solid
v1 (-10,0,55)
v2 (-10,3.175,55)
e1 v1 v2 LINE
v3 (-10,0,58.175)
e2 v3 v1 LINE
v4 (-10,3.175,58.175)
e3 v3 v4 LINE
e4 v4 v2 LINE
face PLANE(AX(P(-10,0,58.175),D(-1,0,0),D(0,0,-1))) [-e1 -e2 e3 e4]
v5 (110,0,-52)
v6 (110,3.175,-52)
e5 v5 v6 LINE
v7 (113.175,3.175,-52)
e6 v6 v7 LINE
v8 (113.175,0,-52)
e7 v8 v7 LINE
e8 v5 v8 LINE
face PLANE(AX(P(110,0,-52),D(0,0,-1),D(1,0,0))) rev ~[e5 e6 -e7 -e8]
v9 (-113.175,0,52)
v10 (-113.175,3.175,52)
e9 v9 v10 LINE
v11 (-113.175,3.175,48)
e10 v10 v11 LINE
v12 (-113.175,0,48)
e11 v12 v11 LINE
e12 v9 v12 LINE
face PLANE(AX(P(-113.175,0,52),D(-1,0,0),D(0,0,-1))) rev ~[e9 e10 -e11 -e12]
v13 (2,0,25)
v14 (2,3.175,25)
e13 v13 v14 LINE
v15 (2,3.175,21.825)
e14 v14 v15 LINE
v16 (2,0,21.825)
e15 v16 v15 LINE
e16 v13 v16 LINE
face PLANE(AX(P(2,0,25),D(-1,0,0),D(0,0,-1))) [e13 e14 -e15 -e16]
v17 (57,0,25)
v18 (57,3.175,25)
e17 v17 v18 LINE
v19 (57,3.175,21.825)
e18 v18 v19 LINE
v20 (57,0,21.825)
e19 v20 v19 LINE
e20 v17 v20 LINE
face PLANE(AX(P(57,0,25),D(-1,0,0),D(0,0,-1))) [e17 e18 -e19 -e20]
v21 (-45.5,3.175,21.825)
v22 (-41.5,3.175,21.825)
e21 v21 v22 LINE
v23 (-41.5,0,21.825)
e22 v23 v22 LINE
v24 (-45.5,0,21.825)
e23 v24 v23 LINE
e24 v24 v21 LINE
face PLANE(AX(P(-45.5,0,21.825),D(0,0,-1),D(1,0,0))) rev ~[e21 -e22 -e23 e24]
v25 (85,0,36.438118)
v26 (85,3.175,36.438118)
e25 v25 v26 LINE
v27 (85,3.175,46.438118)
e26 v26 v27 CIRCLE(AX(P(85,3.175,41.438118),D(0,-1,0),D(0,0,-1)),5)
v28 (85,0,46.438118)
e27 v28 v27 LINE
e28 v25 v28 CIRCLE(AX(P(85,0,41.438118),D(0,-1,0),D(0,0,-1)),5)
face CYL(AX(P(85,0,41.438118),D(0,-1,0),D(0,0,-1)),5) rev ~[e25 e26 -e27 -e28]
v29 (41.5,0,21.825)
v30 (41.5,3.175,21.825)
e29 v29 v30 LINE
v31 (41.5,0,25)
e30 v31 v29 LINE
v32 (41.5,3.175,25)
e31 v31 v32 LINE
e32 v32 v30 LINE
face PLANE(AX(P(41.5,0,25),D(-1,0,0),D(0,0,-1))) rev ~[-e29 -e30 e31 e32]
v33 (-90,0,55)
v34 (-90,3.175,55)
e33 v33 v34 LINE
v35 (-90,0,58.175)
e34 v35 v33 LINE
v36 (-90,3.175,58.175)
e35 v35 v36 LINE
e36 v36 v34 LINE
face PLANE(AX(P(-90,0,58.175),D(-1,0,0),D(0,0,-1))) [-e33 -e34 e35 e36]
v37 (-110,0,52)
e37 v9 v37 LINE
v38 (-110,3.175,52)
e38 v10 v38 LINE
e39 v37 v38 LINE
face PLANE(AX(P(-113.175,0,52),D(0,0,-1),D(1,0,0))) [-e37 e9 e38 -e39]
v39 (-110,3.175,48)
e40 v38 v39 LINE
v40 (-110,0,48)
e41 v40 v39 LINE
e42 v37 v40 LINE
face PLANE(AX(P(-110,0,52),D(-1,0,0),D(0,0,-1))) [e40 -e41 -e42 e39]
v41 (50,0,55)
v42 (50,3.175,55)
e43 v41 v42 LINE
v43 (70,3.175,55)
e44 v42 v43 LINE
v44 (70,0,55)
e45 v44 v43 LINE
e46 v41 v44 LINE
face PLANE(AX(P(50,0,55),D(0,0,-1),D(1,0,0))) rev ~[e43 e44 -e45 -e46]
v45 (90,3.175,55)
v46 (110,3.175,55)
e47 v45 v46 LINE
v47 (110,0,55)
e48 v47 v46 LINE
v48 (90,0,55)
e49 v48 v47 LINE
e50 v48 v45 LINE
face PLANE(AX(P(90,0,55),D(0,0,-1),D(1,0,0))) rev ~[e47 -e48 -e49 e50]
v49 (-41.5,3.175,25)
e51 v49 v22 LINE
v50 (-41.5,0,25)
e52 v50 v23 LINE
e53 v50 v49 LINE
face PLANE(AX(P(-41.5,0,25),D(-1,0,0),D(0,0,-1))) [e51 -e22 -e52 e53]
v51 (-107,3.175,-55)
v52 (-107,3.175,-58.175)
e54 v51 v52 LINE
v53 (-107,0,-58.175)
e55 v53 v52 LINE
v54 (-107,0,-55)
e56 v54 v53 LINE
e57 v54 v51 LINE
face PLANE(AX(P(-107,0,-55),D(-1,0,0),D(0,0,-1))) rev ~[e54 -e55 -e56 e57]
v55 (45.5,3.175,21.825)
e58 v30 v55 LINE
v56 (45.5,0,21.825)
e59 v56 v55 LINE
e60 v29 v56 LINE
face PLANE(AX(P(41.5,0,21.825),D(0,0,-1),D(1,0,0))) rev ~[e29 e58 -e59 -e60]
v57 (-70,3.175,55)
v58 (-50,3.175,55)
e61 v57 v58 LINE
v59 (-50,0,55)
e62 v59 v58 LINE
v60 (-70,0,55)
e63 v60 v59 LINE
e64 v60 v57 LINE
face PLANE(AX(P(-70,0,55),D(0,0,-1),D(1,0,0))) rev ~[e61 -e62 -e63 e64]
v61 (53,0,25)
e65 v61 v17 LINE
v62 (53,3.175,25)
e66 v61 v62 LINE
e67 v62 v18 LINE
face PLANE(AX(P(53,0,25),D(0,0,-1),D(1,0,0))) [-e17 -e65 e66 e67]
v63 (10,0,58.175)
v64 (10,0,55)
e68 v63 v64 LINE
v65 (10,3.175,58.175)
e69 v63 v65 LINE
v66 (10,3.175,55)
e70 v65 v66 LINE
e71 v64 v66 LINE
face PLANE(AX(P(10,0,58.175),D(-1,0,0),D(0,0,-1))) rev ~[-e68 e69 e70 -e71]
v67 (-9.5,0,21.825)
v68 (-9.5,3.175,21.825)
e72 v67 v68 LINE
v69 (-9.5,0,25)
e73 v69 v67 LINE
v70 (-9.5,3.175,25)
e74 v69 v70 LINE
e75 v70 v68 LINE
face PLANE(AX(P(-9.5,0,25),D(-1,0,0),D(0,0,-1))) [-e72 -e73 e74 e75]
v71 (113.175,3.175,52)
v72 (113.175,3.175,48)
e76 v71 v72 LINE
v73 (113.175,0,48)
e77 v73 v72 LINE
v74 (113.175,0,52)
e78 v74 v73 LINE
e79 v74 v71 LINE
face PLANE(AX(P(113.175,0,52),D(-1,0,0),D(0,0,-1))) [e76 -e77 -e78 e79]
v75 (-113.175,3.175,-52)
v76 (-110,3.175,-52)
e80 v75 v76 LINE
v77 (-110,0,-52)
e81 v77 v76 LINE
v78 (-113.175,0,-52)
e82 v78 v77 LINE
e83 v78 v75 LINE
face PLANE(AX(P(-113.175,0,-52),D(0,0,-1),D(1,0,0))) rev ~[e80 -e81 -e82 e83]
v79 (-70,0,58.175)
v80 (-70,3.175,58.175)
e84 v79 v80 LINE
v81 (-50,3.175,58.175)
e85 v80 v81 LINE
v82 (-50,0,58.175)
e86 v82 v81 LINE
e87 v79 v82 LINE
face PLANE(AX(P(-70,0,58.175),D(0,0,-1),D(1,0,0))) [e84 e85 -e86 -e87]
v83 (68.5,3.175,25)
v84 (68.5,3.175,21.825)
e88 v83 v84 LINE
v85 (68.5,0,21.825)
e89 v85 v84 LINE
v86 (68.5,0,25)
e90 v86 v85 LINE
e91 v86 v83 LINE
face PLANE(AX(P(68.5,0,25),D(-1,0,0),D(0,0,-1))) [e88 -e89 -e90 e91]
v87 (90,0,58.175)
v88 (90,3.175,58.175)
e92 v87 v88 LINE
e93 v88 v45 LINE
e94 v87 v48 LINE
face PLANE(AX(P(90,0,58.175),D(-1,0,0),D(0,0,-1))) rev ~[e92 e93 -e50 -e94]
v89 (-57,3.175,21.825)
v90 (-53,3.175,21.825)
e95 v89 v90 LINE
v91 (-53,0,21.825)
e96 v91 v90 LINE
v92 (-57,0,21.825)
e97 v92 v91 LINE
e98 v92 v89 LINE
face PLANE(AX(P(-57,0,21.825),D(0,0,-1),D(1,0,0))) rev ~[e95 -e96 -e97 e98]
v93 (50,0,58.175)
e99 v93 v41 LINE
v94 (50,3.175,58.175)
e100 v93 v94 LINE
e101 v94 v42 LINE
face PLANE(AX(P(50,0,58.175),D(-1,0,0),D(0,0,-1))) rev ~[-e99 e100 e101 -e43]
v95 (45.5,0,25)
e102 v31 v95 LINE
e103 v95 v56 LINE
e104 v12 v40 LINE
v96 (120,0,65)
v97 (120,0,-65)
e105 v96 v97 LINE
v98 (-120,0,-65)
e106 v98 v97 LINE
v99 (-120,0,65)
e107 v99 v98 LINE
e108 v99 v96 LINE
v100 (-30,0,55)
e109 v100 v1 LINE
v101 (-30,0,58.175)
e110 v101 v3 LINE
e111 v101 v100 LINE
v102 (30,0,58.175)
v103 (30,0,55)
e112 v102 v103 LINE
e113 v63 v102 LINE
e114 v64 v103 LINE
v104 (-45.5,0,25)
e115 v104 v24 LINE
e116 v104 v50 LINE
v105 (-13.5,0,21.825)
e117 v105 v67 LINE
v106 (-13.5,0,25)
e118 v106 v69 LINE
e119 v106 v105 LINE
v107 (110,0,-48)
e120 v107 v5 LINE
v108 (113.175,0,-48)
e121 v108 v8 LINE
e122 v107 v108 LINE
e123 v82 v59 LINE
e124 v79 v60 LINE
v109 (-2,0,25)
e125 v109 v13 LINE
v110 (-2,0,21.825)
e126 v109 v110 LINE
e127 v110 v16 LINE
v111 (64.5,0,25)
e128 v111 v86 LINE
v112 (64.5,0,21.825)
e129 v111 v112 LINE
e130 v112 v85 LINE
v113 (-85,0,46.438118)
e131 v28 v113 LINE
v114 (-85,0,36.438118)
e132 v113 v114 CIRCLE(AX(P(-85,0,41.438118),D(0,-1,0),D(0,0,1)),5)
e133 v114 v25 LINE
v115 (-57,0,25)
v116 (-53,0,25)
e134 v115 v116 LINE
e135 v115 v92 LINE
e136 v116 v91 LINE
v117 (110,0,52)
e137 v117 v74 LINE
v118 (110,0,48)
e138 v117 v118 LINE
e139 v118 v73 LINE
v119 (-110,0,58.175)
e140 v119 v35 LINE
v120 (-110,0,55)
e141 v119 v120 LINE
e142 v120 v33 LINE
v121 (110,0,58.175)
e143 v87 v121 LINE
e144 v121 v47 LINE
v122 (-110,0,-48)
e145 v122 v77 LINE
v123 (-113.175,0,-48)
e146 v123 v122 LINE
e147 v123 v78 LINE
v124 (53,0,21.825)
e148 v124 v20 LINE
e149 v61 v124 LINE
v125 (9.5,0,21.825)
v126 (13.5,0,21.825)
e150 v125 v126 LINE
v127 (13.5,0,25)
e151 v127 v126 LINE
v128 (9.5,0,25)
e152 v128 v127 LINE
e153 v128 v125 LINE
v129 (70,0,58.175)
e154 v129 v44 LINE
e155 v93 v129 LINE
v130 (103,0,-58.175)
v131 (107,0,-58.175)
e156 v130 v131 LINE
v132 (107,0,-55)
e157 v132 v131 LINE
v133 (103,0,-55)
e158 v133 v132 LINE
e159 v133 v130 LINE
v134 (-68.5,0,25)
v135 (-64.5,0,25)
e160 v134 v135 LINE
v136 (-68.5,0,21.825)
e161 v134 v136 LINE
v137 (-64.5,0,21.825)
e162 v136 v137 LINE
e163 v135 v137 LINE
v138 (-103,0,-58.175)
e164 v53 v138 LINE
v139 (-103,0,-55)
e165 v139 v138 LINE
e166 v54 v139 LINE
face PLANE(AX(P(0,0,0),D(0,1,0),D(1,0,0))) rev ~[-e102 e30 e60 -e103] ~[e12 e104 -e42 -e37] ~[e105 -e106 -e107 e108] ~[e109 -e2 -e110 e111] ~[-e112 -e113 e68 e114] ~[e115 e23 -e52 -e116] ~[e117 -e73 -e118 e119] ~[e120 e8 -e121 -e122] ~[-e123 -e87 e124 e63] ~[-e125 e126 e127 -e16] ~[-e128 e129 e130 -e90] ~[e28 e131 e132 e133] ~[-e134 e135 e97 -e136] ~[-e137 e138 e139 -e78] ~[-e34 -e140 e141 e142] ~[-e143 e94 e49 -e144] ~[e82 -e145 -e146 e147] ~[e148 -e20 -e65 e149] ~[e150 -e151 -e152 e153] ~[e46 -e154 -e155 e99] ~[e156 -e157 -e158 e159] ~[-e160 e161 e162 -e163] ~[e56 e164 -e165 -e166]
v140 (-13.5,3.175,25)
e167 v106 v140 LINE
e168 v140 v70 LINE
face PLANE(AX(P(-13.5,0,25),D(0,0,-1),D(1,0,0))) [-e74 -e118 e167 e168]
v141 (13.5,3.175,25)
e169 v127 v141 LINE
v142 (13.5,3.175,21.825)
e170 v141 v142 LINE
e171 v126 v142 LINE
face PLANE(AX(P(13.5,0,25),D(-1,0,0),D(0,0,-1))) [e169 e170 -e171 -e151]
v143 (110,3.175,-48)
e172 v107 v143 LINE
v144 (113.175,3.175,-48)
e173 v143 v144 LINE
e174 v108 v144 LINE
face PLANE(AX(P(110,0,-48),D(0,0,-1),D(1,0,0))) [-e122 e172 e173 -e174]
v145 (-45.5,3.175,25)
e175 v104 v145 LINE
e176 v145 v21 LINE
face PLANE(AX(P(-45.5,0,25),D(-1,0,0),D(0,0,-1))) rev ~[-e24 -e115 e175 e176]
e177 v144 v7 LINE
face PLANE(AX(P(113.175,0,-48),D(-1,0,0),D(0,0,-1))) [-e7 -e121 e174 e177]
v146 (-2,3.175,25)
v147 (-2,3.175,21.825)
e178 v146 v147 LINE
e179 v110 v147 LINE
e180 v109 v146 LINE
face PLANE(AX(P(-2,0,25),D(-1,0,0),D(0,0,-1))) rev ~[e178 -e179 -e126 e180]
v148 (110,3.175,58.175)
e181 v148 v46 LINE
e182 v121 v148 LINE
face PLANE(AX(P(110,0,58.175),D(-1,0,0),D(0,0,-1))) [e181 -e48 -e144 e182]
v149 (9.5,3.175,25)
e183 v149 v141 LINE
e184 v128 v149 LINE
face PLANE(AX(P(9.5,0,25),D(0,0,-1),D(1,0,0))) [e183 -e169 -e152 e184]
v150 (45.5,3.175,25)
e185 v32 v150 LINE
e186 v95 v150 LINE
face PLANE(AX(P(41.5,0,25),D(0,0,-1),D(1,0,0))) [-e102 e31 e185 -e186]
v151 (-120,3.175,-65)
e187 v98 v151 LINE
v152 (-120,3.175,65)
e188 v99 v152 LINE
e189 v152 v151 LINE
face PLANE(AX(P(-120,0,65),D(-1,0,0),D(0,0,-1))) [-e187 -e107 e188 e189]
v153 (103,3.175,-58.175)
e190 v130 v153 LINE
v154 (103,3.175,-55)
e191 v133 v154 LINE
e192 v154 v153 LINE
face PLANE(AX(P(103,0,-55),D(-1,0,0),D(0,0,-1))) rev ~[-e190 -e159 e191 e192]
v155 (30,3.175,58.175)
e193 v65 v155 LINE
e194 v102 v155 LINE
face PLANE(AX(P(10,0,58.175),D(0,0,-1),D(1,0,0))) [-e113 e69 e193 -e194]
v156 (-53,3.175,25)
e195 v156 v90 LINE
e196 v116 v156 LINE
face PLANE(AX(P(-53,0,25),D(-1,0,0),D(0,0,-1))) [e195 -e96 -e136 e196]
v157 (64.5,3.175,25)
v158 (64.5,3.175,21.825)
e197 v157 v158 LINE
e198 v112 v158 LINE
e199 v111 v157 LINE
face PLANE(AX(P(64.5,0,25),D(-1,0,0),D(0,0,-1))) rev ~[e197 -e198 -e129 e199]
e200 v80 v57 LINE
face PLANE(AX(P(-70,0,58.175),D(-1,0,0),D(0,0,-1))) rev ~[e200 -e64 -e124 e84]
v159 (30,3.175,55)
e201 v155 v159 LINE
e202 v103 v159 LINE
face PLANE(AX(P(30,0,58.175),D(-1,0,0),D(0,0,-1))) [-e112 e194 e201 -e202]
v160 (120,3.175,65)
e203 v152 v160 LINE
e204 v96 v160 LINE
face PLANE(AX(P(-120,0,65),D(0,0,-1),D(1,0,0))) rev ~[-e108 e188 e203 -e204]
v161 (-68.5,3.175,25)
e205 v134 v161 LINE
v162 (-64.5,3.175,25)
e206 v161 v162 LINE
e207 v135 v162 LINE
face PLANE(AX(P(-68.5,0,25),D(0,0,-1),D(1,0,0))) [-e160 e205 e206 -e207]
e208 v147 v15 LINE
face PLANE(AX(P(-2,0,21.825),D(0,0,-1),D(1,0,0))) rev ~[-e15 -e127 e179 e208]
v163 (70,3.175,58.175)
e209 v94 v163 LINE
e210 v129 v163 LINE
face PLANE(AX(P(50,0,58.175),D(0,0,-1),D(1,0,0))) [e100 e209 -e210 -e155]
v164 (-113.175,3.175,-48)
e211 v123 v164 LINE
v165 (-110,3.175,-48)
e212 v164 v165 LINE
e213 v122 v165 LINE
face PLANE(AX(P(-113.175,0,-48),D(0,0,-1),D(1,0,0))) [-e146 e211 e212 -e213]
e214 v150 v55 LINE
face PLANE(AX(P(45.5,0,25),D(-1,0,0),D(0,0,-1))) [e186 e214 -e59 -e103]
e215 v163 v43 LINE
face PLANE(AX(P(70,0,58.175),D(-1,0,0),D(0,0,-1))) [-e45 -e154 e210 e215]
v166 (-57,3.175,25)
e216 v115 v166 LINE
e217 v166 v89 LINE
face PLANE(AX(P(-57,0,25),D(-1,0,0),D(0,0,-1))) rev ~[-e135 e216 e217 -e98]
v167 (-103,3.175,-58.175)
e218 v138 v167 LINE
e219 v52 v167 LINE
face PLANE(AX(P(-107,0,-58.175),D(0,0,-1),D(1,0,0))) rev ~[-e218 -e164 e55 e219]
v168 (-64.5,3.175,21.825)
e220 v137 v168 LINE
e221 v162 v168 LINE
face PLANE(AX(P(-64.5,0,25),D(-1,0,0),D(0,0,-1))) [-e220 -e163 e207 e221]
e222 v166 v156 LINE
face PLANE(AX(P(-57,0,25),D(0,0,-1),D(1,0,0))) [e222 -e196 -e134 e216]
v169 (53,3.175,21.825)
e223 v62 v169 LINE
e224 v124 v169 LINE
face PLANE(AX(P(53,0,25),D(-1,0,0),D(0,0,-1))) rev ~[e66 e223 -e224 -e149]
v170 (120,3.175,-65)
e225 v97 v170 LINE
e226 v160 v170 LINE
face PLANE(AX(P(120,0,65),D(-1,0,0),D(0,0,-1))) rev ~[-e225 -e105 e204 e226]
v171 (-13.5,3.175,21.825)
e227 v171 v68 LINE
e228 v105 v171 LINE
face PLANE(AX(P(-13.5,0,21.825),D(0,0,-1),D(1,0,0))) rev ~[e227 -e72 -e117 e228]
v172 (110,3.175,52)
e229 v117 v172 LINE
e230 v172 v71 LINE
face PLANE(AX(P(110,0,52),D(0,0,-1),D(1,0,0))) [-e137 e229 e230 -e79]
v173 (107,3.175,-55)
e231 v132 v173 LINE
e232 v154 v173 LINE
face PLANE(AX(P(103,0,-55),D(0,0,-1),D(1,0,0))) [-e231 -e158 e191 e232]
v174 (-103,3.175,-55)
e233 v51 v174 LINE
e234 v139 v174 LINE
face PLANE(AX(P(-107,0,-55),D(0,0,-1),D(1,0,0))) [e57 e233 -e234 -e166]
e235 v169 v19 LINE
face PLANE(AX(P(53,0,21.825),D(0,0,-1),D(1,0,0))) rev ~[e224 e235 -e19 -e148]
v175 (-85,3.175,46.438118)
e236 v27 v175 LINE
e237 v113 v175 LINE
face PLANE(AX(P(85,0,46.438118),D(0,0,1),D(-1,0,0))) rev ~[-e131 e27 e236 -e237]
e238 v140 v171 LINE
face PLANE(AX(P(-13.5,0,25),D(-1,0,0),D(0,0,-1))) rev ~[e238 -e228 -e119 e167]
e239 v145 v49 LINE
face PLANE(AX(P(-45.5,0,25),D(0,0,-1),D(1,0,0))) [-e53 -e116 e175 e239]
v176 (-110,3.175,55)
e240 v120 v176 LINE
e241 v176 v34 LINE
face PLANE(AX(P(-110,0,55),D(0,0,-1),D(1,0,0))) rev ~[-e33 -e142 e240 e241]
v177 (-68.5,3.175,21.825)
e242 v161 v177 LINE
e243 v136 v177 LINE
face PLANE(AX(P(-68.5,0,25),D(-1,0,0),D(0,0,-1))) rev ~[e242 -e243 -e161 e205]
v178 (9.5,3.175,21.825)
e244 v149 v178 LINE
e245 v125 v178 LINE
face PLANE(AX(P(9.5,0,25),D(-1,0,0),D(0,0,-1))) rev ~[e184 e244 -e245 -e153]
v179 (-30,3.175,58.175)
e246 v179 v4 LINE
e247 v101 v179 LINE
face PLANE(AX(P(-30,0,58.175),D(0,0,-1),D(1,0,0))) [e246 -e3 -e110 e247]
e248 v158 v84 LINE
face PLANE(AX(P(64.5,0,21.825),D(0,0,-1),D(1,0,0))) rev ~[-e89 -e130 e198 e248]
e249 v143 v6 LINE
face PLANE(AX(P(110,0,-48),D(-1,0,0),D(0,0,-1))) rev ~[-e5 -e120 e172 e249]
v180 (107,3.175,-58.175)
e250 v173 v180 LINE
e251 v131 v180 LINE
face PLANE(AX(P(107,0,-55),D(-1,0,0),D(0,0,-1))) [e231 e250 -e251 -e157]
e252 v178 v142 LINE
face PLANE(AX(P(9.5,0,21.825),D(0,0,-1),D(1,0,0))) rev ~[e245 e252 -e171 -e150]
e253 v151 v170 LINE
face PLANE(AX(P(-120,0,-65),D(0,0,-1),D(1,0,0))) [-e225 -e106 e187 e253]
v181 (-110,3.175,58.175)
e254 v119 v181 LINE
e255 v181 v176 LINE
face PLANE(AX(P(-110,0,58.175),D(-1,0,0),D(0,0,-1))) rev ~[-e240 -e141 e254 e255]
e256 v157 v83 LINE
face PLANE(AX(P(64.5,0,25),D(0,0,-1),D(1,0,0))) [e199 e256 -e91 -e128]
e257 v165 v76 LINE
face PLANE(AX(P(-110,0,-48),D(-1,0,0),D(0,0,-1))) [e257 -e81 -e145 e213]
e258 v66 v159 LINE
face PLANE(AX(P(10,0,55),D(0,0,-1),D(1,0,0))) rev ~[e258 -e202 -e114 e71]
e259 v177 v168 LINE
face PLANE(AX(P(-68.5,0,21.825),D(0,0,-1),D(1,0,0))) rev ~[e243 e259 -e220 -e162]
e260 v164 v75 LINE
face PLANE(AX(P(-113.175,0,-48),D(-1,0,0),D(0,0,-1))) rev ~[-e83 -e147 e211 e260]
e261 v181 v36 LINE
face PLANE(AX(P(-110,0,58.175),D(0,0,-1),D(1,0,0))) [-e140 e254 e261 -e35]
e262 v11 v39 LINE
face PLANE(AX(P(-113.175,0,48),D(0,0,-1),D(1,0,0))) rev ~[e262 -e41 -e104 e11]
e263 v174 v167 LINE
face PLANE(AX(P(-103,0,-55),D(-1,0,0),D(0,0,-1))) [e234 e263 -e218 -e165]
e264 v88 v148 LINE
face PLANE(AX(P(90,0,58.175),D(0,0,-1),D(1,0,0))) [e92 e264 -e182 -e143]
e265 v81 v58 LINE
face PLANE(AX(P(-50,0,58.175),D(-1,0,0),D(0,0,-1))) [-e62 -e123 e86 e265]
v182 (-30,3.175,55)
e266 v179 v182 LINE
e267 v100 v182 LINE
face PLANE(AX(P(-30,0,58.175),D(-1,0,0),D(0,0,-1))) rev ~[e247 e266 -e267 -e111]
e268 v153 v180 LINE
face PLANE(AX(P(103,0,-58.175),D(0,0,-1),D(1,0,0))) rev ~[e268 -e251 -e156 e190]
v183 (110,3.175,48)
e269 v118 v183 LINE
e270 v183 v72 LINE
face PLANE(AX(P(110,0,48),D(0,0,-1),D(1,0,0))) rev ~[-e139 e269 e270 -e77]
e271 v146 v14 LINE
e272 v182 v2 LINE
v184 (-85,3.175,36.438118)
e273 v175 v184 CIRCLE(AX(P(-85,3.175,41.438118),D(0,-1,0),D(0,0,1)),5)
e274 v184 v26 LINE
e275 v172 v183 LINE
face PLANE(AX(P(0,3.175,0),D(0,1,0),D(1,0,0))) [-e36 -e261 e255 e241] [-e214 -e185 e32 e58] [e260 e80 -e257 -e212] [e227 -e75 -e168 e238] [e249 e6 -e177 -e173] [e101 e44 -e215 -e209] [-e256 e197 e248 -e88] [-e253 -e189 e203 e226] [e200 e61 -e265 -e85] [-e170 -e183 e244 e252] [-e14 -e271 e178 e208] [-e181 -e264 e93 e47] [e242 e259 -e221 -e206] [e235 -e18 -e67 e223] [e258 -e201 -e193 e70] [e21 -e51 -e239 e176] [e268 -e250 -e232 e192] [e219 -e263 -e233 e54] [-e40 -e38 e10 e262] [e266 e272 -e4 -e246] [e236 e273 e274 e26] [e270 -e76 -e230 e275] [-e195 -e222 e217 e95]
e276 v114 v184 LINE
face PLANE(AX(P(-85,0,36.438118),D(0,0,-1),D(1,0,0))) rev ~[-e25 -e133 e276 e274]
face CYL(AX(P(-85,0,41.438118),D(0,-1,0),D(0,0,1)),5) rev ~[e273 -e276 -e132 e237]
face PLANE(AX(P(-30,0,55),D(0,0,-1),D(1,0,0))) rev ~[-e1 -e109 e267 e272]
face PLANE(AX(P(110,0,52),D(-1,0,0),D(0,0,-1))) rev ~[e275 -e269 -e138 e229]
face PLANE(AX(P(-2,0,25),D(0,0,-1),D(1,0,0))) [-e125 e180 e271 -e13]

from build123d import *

# Parameters (mm, degrees)
SKETCH1_W           = 240
SKETCH1_H           = 130
SKETCH1_W_2         = 3.175
SKETCH1_H_2         = 4
SKETCH1_W_3         = 4
SKETCH1_H_3         = 3.175
SKETCH1_W_4         = 20
BOSS_EXTRUDE4_DEPTH = 3.175


with BuildPart() as part:
    # Sketch1 → Boss-Extrude4 (new body)
    with BuildSketch(Plane(origin=(0, 0, 0), x_dir=(1, 0, 0), z_dir=(0, 1, 0))):
        Rectangle(SKETCH1_W, SKETCH1_H)
        with Locations((-111.5875, 50)):
            Rectangle(SKETCH1_W_2, SKETCH1_H_2, mode=Mode.SUBTRACT)
        with Locations((-105, 56.5875)):
            Rectangle(SKETCH1_W_3, SKETCH1_H_3, mode=Mode.SUBTRACT)
        with Locations((105, 56.5875)):
            Rectangle(SKETCH1_W_3, SKETCH1_H_3, mode=Mode.SUBTRACT)
        with Locations((111.5875, 50)):
            Rectangle(SKETCH1_W_2, SKETCH1_H_2, mode=Mode.SUBTRACT)
        with Locations((-111.5875, -50)):
            Rectangle(SKETCH1_W_2, SKETCH1_H_2, mode=Mode.SUBTRACT)
        with Locations((-60, -56.5875)):
            Rectangle(SKETCH1_W_4, SKETCH1_H_3, mode=Mode.SUBTRACT)
        with Locations((111.5875, -50)):
            Rectangle(SKETCH1_W_2, SKETCH1_H_2, mode=Mode.SUBTRACT)
        with Locations((-100, -56.5875)):
            Rectangle(SKETCH1_W_4, SKETCH1_H_3, mode=Mode.SUBTRACT)
        with Locations((-20, -56.5875)):
            Rectangle(SKETCH1_W_4, SKETCH1_H_3, mode=Mode.SUBTRACT)
        with Locations((20, -56.5875)):
            Rectangle(SKETCH1_W_4, SKETCH1_H_3, mode=Mode.SUBTRACT)
        with Locations((60, -56.5875)):
            Rectangle(SKETCH1_W_4, SKETCH1_H_3, mode=Mode.SUBTRACT)
        with Locations((100, -56.5875)):
            Rectangle(SKETCH1_W_4, SKETCH1_H_3, mode=Mode.SUBTRACT)
        with Locations((-66.5, -23.4125)):
            Rectangle(SKETCH1_W_3, SKETCH1_H_3, mode=Mode.SUBTRACT)
        with Locations((-55, -23.4125)):
            Rectangle(SKETCH1_W_3, SKETCH1_H_3, mode=Mode.SUBTRACT)
        with Locations((-43.5, -23.4125)):
            Rectangle(SKETCH1_W_3, SKETCH1_H_3, mode=Mode.SUBTRACT)
        with Locations((43.5, -23.4125)):
            Rectangle(SKETCH1_W_3, SKETCH1_H_3, mode=Mode.SUBTRACT)
        with Locations((55, -23.4125)):
            Rectangle(SKETCH1_W_3, SKETCH1_H_3, mode=Mode.SUBTRACT)
        with Locations((66.5, -23.4125)):
            Rectangle(SKETCH1_W_3, SKETCH1_H_3, mode=Mode.SUBTRACT)
        with Locations((-11.5, -23.4125)):
            Rectangle(SKETCH1_W_3, SKETCH1_H_3, mode=Mode.SUBTRACT)
        with Locations((0, -23.4125)):
            Rectangle(SKETCH1_W_3, SKETCH1_H_3, mode=Mode.SUBTRACT)
        with Locations((11.5, -23.4125)):
            Rectangle(SKETCH1_W_3, SKETCH1_H_3, mode=Mode.SUBTRACT)
        with BuildLine():
            Line((-85, -36.438117734), (85, -36.438117734))
            ThreePointArc((85, -36.438117734), (90, -41.438117734), (85, -46.438117734))
            Line((85, -46.438117734), (-85, -46.438117734))
            ThreePointArc((-85, -46.438117734), (-90, -41.438117734), (-85, -36.438117734))
        make_face(mode=Mode.SUBTRACT)
    extrude(amount=BOSS_EXTRUDE4_DEPTH)


solid = part.part
